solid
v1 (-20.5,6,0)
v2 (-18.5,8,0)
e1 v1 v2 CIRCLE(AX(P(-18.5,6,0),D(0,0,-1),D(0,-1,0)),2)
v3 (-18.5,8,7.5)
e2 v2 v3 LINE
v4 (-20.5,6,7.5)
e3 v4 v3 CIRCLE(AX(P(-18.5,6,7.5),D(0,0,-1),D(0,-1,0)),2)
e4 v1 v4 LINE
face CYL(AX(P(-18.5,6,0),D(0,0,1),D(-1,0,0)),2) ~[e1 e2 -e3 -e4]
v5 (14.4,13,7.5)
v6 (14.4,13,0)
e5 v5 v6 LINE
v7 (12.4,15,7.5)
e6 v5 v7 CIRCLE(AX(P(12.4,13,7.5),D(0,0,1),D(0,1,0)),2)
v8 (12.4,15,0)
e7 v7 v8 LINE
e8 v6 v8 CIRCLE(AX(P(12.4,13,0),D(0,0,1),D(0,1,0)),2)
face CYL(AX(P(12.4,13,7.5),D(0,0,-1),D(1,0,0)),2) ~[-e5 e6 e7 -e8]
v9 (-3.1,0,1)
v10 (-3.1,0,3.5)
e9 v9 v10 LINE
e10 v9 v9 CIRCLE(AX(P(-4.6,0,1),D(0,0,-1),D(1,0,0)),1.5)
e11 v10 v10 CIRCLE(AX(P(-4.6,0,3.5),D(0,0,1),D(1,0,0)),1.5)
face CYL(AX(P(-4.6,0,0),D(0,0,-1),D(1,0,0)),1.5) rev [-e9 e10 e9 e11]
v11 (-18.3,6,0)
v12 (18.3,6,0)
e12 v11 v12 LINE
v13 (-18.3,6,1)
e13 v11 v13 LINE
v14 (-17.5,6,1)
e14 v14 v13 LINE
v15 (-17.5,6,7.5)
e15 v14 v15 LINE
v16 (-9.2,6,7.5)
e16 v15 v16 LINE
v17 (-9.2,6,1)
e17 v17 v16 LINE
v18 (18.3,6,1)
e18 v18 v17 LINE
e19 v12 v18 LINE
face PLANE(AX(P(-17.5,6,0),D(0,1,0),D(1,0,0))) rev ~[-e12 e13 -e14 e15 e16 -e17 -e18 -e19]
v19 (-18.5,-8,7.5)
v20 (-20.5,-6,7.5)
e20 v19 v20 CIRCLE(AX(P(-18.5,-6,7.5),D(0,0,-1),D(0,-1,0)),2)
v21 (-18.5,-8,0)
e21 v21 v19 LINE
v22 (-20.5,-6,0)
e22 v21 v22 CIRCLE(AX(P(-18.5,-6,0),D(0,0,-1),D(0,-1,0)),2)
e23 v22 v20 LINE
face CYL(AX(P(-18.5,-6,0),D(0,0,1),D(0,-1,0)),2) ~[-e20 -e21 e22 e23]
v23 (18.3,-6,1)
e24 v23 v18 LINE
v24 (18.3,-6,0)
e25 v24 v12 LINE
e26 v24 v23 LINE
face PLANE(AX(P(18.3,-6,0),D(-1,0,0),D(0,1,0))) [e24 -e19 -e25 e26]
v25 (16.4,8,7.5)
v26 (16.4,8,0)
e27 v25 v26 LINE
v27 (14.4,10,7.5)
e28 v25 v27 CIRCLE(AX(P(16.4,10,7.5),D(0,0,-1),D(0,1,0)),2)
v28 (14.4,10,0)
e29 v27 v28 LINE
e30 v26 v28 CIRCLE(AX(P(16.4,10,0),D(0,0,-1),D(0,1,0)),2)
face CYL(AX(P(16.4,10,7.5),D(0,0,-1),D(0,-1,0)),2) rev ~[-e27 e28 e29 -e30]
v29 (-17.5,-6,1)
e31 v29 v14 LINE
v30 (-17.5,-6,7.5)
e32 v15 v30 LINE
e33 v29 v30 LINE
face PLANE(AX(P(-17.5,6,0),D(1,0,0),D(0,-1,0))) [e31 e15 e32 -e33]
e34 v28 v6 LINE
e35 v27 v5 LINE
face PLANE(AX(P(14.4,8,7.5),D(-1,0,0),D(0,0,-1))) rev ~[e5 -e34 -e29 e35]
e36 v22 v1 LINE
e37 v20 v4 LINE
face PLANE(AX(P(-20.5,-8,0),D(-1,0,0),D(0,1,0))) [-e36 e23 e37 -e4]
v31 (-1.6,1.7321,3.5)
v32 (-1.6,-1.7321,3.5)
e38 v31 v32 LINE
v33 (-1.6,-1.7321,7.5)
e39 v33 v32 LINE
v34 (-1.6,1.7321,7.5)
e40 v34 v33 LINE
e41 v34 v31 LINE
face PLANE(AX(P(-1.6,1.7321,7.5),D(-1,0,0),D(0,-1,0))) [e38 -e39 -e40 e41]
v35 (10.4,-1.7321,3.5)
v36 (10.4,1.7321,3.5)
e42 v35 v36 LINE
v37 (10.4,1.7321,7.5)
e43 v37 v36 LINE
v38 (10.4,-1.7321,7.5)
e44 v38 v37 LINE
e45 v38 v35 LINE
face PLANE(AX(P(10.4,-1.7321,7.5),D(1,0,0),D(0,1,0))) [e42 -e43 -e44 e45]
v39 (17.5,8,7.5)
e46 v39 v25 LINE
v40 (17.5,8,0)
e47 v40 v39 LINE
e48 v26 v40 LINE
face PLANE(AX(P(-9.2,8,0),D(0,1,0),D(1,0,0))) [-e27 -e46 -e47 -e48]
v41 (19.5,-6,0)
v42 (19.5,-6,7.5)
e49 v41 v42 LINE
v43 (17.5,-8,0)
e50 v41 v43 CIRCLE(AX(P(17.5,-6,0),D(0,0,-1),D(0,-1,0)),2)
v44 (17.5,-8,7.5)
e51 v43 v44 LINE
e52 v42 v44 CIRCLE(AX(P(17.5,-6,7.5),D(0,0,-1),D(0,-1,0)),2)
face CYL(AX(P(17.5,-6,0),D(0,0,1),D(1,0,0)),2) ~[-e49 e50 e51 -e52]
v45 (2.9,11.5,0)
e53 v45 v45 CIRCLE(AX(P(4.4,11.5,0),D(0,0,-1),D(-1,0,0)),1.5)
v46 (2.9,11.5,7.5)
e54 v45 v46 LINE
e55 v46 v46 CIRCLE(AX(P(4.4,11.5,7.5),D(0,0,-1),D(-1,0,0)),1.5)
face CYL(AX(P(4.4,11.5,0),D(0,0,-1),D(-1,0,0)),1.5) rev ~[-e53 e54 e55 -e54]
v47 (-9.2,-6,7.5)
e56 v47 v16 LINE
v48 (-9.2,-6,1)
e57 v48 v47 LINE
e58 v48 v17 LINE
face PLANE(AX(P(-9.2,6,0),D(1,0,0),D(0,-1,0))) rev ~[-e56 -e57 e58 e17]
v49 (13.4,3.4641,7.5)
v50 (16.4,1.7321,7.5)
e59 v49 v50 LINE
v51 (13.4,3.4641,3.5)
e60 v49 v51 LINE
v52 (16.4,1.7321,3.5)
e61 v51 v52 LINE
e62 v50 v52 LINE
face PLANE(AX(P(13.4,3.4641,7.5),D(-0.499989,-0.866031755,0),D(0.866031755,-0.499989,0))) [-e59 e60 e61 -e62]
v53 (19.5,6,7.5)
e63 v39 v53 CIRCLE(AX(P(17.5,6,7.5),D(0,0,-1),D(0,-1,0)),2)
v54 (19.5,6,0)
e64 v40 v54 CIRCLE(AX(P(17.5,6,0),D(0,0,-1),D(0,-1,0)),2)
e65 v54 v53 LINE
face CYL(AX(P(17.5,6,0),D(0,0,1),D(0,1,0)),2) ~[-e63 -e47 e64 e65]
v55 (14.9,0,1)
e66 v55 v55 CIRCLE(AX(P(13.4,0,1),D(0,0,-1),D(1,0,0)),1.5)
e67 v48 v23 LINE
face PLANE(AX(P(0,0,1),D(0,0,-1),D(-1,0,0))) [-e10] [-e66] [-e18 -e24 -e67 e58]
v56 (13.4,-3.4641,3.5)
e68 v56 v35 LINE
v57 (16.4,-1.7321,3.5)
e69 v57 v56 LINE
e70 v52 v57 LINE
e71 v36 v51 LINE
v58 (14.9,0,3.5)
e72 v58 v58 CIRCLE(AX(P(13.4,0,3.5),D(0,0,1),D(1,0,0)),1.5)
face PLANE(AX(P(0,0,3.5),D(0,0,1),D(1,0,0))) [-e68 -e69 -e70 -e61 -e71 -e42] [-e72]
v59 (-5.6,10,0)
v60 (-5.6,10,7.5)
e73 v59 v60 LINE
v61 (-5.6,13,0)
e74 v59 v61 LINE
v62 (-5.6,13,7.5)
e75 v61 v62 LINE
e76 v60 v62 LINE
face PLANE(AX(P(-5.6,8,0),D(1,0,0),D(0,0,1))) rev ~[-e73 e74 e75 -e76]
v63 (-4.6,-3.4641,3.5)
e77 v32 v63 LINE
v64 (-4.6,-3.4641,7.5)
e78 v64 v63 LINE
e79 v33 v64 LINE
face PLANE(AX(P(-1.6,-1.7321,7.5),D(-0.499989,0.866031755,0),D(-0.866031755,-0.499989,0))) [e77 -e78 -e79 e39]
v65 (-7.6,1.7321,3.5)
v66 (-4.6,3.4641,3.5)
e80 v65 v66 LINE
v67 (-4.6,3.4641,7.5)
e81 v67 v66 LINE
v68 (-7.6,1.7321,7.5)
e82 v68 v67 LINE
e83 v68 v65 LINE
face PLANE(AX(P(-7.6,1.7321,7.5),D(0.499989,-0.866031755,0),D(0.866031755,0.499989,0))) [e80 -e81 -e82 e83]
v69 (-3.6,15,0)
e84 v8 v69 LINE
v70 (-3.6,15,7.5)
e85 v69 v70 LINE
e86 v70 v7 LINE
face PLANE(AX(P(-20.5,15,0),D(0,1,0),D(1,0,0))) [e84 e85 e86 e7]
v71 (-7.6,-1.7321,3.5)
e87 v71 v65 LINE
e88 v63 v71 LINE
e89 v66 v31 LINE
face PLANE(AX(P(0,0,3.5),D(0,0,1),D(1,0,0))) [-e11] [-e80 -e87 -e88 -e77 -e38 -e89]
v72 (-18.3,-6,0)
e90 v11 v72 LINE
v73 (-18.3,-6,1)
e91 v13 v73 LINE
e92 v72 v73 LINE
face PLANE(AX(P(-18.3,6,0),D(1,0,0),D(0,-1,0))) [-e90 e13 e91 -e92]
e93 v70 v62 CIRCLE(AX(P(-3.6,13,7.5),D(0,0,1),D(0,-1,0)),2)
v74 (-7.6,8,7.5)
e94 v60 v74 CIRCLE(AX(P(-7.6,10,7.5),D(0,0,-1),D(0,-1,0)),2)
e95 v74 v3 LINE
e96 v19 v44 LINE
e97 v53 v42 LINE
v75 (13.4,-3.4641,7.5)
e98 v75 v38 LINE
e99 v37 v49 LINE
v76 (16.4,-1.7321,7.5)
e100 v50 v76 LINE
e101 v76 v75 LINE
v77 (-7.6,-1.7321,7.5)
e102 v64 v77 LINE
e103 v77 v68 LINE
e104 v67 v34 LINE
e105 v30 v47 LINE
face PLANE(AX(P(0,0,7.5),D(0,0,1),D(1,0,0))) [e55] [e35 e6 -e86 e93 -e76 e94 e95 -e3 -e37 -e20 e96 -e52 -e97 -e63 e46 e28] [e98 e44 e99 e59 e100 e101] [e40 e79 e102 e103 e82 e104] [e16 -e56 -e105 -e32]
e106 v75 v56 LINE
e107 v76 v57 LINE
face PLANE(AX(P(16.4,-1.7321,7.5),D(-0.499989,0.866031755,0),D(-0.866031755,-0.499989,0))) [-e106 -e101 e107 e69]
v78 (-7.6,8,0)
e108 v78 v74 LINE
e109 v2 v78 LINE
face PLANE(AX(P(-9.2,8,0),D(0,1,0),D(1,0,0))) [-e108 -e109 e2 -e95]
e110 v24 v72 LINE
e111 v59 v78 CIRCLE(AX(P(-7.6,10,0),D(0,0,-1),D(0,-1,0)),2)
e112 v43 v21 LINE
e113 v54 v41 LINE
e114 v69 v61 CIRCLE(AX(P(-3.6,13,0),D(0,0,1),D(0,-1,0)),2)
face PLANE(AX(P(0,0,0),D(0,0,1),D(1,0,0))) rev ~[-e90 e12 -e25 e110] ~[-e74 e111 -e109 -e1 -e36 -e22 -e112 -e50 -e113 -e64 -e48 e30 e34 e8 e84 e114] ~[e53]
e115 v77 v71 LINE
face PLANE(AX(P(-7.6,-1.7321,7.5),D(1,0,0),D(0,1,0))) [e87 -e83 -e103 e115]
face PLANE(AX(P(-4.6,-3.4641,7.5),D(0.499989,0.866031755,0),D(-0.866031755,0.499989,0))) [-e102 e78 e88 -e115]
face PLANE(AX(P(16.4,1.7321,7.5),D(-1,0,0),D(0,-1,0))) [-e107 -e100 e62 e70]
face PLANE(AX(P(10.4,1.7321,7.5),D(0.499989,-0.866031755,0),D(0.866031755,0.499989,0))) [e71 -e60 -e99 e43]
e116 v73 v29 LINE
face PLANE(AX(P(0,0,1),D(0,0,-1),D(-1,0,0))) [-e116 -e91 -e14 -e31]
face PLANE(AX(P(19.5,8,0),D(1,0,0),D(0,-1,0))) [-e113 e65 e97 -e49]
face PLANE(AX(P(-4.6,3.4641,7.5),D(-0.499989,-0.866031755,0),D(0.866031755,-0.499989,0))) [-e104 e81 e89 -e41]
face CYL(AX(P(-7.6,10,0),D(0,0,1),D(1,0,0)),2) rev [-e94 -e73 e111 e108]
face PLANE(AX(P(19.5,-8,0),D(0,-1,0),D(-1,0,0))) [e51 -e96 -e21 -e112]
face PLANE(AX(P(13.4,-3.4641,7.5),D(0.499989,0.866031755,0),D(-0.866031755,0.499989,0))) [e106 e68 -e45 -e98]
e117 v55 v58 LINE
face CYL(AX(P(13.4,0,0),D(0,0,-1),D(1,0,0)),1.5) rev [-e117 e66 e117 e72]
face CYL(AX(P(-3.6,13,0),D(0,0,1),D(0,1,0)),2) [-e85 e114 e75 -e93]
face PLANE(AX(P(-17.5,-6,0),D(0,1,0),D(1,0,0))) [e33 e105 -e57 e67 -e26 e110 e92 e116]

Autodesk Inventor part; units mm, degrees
ref_plane "YZ Plane" through (0, 0, 0) normal (1, 0, 0) x (0, 1, 0)
ref_plane "XZ Plane" through (0, 0, 0) normal (0, 1, 0) x (-1, 0, 0)
ref_plane "XY Plane" through (0, 0, 0) normal (0, 0, 1) x (1, 0, 0)
sketch "Sketch1" plane through (0, 0, 0) normal (0, 0, 1) x (1, 0, 0)
  line L0 (-10.2, 5) -> (-10.2, -5) projected
  line L1 (-10.2, -5) -> (16.5, -5) projected
  line L2 (16.5, -5) -> (16.5, 5) projected
  line L3 (16.5, 5) -> (-10.2, 5) projected
  circle A0 centre (13.4, 0) radius 1.5 projected
  circle A1 centre (-4.6, 0) radius 1.5 projected
  line L4 (-16.5, 5) -> (-16.5, -5) projected
  line L5 (-20.5, 8) -> (19.5, 8)
  line L6 (19.5, 8) -> (19.5, -8)
  line L7 (19.5, -8) -> (-20.5, -8)
  line L8 (-20.5, -8) -> (-20.5, 8)
  line L9 (-9.2, 8) -> (-9.2, -8)
  line L10 (-17.5, 8) -> (-17.5, -8)
  line L11 (-17.5, 6) -> (-9.2, 6)
  line L12 (-17.5, -6) -> (-9.2, -6)
  point P0 (0, 0)
  dimension "d0" = 3
  dimension "d1" = 3
  dimension "d2" = 3
  dimension "d3" = 4
  dimension "d4" = 1
  dimension "d5" = 1
  dimension "d6" = 1
  dimension "d7" = 1
extrude "Extrusion1" add sketch "Sketch1" along normal blind 7.5 contours L9 L5 L6 L7 L1 L2 L3 | L3 L2 L1 L9 | L11 L10 L5 L9 | L9 L7 L10 L12 | L10 L7 L8 L5
sketch "Sketch2" plane through (0, 0, 7.5) normal (0, 0, 1) x (1, 0, 0)
  circle A0 centre (-4.6, 0) radius 1.5 projected
  circle A1 centre (13.4, 0) radius 1.5 projected
  line L0 (-1.6, -1.7321) -> (-4.6, -3.4641)
  line L1 (-4.6, -3.4641) -> (-7.6, -1.7321)
  line L2 (-7.6, -1.7321) -> (-7.6, 1.7321)
  line L3 (-7.6, 1.7321) -> (-4.6, 3.4641)
  line L4 (-4.6, 3.4641) -> (-1.6, 1.7321)
  line L5 (-1.6, 1.7321) -> (-1.6, -1.7321)
  circle A2 centre (13.4, 0) radius 1.5 projected
  line L6 (10.4, 1.7321) -> (13.4, 3.4641)
  line L7 (13.4, 3.4641) -> (16.4, 1.7321)
  line L8 (16.4, 1.7321) -> (16.4, -1.7321)
  line L9 (16.4, -1.7321) -> (13.4, -3.4641)
  line L10 (13.4, -3.4641) -> (10.4, -1.7321)
  line L11 (10.4, -1.7321) -> (10.4, 1.7321)
  point P0 (0, 0)
  dimension "d10" = 6
  dimension "d11" = 6
extrude "Extrusion2" cut sketch "Sketch2" against normal blind 4
sketch "Sketch3" plane through (-20.5, 8, 0) normal (0, 1, 0) x (1, 0, 0)
  line L0 (40, 0) -> (0, 0) projected
  line L1 (0, -7.5) -> (40, -7.5) projected
  line L2 (34.9, 0) -> (14.9, 0)
  line L3 (14.9, 0) -> (14.9, -7.5)
  line L4 (14.9, -7.5) -> (34.9, -7.5)
  line L5 (34.9, -7.5) -> (34.9, 0)
  line L6 (13.1, 5) -> (13.1, 2) projected
  line L7 (13.1, 2) -> (36.7, 2) projected
  line L8 (36.7, 2) -> (36.7, 5) projected
  line L9 (36.7, 5) -> (30.7, 5) projected
  line L10 (30.7, 5) -> (30.7, 13) projected
  line L11 (30.7, 13) -> (26.3, 13) projected
  line L12 (26.3, 13) -> (26.3, 5) projected
  line L13 (26.3, 5) -> (23.5, 5) projected
  line L14 (23.5, 5) -> (23.5, 13) projected
  line L15 (23.5, 13) -> (19.1, 13) projected
  line L16 (19.1, 13) -> (19.1, 5) projected
  line L17 (19.1, 5) -> (13.1, 5) projected
  line L18 (24.9, 15.273) -> (24.9, -16.6011) construction
  point P0 (20.5, 0)
  dimension "d14" = 20
  dimension "d15" = 2.8
  dimension "d16" = 1.4
  dimension "d17" = 10
extrude "Extrusion3" add sketch "Sketch3" along normal blind 7 contours L5 L1 L3 L0
sketch "Sketch4" plane through (0, 0, 0) normal (0, 0, -1) x (-1, 0, 0)
  circle A0 centre (-4.4, 11.5) radius 1.5
  line L0 (-19.5, 8) -> (-14.4, 8) projected
  line L1 (-19.5, -8) -> (-19.5, 8) projected
  line L2 (20.5, -8) -> (-19.5, -8) projected
  line L3 (20.5, 8) -> (20.5, -8) projected
  line L4 (5.6, 8) -> (20.5, 8) projected
  line L5 (5.6, 8) -> (5.6, 15) projected
  line L6 (-14.4, 15) -> (5.6, 15) projected
  line L7 (-14.4, 8) -> (-14.4, 15) projected
  circle A1 centre (4.6, 0) radius 1.5 projected
  circle A2 centre (-13.4, 0) radius 1.5 projected
  line L8 (17.5, -6) -> (17.5, 6) projected
  line L9 (9.2, -6) -> (17.5, -6) projected
  line L10 (9.2, 6) -> (9.2, -6) projected
  line L11 (17.5, 6) -> (9.2, 6) projected
  point P0 (0, 0)
  dimension "d20" = 3
  dimension "d21" = 20
  dimension "d22" = 7
  dimension "d23" = 3.5
  dimension "d24" = 10
extrude "Extrusion4" cut sketch "Sketch4" against normal through all contours A0
fillet "Fillet1" radius 2 8 edges at (-5.6, 15, 3.75) (-5.6, 8, 3.75) (-20.5, 8, 3.75) (-20.5, -8, 3.75) (19.5, -8, 3.75) (19.5, 8, 3.75) (14.4, 8, 3.75) (14.4, 15, 3.75)
sketch "Sketch5" plane through (0, 0, 0) normal (0, 0, -1) x (-1, 0, 0)
  line L0 (18.3, -6) -> (-18.3, -6)
  line L1 (-18.3, -6) -> (-18.3, 6)
  line L2 (-18.3, 6) -> (18.3, 6)
  line L3 (18.3, 6) -> (18.3, -6)
  point P0 (0, 0)
  dimension "d28" = 12
  dimension "d29" = 36.6
  dimension "d30" = 18.3
  dimension "d31" = 6
extrude "Extrusion5" cut sketch "Sketch5" against normal blind 1
equation "\"d1\" = d0"
equation "\"d2\" = d0"
equation "\"d11\" = d10"
equation "\"d16\" = 0.5 * d15"
equation "\"d17\" = 0.5 * d14"
equation "\"d23\" = 0.5 * d22"
equation "\"d24\" = 0.5 * d21"
equation "\"d30\" = 0.5 * d29"
equation "\"d31\" = 0.5 * d28"
properties part number "optical endstop base"
